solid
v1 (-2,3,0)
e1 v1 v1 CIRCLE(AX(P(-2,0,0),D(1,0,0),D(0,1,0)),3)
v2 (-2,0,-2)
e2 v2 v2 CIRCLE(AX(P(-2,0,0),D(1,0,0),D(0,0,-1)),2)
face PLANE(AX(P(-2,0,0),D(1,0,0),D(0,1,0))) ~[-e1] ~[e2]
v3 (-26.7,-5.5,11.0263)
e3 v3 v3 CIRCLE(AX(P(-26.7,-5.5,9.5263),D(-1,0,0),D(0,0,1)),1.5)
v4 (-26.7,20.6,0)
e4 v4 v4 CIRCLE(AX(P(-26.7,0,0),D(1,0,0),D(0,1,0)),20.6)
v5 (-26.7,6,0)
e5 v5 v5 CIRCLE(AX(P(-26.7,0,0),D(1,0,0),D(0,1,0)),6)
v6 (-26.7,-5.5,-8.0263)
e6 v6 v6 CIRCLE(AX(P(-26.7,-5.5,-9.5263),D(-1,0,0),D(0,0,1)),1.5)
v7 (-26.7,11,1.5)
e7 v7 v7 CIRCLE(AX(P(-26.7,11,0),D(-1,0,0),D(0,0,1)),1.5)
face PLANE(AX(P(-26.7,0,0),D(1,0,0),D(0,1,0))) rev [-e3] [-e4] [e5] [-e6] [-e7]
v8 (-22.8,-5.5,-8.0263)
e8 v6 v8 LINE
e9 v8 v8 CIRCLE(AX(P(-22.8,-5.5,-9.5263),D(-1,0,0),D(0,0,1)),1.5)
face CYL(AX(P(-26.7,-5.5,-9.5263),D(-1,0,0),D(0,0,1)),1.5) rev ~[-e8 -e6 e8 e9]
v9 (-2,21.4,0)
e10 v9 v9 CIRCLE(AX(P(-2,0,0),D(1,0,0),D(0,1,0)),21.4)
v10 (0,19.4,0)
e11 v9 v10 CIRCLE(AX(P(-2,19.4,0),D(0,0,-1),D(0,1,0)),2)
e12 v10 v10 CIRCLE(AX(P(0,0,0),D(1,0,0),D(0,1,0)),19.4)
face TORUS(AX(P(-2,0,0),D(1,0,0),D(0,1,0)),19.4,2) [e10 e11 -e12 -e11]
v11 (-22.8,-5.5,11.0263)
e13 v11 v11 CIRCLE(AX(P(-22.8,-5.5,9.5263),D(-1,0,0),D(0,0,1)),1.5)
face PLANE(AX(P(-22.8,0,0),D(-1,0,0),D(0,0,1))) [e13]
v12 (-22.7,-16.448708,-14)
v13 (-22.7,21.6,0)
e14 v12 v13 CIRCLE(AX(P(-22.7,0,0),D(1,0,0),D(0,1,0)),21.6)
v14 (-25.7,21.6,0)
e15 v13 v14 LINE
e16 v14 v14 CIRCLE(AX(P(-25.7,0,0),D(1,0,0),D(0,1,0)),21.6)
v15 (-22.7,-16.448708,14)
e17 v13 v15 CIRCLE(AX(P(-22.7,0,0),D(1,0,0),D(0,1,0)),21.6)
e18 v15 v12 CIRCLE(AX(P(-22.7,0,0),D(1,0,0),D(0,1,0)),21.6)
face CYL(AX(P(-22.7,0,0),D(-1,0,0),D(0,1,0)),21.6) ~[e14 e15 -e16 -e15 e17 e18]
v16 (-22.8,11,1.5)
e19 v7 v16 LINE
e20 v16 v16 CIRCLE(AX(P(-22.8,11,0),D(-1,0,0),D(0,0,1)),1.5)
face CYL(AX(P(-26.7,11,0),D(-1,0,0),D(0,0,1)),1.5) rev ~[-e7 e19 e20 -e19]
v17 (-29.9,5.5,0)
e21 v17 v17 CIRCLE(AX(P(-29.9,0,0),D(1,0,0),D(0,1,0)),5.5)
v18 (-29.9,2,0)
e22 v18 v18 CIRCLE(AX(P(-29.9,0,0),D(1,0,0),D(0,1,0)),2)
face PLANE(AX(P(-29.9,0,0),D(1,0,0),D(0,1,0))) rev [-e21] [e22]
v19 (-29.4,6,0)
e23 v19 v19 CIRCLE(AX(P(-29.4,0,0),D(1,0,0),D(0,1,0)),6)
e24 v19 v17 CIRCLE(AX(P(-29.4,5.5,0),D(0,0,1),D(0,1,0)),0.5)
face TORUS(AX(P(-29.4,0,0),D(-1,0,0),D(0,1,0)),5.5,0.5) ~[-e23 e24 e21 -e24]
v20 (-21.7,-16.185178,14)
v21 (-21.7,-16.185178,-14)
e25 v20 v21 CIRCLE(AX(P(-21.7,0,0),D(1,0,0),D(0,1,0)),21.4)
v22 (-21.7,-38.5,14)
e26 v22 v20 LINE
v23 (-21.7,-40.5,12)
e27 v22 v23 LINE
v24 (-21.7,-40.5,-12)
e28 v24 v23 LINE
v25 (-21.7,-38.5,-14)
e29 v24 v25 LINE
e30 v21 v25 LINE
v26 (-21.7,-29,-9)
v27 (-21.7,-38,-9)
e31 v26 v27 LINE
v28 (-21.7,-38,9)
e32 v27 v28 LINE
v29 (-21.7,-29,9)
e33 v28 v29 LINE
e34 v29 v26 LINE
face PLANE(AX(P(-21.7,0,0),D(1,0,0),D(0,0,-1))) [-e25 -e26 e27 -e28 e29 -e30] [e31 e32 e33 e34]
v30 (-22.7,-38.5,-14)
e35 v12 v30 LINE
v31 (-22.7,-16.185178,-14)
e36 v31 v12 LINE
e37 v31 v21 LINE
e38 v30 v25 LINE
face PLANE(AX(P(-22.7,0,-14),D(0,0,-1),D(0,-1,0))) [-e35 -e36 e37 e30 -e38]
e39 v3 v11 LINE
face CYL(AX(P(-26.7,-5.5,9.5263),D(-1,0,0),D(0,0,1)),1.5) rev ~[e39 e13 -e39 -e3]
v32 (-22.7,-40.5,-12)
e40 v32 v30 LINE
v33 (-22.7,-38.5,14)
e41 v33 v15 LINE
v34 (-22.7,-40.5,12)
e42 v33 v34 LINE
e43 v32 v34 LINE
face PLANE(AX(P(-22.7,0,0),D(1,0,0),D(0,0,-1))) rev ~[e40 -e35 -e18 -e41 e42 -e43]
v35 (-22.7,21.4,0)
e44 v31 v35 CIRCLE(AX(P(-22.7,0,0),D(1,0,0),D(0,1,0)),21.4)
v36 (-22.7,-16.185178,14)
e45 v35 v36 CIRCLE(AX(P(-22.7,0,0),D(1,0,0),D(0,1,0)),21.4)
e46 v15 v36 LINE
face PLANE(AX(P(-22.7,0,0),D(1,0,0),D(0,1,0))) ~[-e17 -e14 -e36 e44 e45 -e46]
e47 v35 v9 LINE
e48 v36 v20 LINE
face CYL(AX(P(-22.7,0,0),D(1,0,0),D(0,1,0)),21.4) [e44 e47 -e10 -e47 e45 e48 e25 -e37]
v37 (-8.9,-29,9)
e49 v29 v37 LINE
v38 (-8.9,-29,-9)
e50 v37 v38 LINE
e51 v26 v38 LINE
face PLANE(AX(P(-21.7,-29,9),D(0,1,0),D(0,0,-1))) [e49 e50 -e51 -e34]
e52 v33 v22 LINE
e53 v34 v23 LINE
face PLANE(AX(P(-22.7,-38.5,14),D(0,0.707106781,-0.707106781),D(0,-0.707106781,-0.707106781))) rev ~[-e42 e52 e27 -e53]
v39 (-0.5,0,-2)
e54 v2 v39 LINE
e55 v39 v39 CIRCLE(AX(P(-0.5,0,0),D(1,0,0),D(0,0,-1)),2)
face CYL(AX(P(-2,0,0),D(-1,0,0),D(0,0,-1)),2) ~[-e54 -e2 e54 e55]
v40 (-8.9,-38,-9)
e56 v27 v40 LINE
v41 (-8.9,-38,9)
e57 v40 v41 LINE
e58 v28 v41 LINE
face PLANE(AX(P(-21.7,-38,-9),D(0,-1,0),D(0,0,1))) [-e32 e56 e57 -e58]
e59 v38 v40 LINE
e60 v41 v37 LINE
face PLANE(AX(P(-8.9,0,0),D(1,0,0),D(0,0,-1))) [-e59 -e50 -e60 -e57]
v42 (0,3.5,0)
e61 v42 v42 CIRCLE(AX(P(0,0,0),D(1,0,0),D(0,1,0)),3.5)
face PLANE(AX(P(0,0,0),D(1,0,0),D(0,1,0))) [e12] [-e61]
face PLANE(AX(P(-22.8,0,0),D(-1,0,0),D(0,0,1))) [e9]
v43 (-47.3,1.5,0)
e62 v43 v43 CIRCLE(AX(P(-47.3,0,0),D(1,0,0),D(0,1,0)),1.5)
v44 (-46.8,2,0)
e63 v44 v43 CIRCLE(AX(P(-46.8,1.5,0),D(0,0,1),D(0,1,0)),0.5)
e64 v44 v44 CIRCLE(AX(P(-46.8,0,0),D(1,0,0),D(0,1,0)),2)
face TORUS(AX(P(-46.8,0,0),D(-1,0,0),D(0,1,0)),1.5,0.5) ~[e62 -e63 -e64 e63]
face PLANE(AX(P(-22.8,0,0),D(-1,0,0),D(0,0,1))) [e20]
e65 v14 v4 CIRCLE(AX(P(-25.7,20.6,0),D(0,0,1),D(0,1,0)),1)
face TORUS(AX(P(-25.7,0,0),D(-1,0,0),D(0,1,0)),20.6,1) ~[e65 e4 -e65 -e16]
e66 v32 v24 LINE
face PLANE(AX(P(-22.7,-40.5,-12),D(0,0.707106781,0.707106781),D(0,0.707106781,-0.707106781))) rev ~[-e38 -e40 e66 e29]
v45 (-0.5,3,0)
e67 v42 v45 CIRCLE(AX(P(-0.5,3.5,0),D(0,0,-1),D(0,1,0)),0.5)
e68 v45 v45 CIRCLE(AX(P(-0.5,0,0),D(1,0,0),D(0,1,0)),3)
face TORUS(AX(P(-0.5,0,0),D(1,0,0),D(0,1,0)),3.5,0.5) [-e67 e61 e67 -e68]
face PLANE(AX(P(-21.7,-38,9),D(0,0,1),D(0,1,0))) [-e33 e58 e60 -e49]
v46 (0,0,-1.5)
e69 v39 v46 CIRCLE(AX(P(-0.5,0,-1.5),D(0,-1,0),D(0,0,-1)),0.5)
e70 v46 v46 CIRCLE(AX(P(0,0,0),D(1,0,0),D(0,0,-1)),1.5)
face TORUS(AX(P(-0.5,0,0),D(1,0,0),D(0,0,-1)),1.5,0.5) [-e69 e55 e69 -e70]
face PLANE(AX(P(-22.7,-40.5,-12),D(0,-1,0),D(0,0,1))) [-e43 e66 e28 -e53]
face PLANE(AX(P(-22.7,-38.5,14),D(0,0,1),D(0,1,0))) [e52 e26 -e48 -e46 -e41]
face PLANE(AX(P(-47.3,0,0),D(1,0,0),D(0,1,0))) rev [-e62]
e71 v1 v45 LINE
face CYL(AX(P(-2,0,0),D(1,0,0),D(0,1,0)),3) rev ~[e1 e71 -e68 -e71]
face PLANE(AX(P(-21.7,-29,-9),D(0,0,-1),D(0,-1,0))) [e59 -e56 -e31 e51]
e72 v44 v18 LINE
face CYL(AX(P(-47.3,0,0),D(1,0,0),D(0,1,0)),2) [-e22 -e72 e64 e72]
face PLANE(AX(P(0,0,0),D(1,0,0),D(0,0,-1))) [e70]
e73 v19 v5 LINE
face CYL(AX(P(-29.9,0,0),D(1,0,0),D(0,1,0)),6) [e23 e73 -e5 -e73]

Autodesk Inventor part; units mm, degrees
ref_plane "YZ Plane" through (0, 0, 0) normal (1, 0, 0) x (0, 1, 0)
ref_plane "XZ Plane" through (0, 0, 0) normal (0, 1, 0) x (-1, 0, 0)
ref_plane "XY Plane" through (0, 0, 0) normal (0, 0, 1) x (1, 0, 0)
sketch "Esquisse1" plane through (0, 0, 0) normal (0, 0, 1) x (1, 0, 0)
  line L0 (-56.76, 0) -> (9.46, 0) construction
  line L1 (0, -4.32) -> (0, 25.92) construction
  line L2 (-2, 0) -> (-26.7, 0)
  line L3 (-26.7, 0) -> (-26.7, 21.4)
  line L4 (-22.7, 21.4) -> (0, 21.4)
  line L5 (0, 21.4) -> (0, 3)
  line L6 (-26.7, 0) -> (-29.9, 0)
  line L7 (-29.9, 0) -> (-29.9, 6)
  line L8 (-29.9, 6) -> (-26.7, 6)
  line L9 (-26.7, 6) -> (-26.7, 0)
  line L10 (-29.9, 0) -> (-47.3, 0)
  line L11 (-47.3, 0) -> (-47.3, 2)
  line L12 (-47.3, 2) -> (-29.9, 2)
  line L13 (-29.9, 2) -> (-29.9, 0)
  line L14 (-26.7, 0) -> (-22.7, 0)
  line L15 (-22.7, 21.4) -> (-22.7, 21.6)
  line L16 (-22.7, 21.6) -> (-26.7, 21.6)
  line L17 (-26.7, 21.6) -> (-26.7, 0)
  line L18 (-2, 0) -> (-2, 3)
  line L19 (-2, 3) -> (0, 3)
  point P0 (0, 0)
  dimension "d2" = 3.2
  dimension "d3" = 6
  dimension "d4" = 17.4
  dimension "d5" = 2
  dimension "d17" = 0.2
  dimension "d18" = 4
  dimension "d47" = 2
  dimension "d48" = 3
  dimension "d49" = 21.4
  dimension "d50" = 26.7
revolve "Révolution1" add sketch "Esquisse1" angle 360 about axis through (-10, 0, 0) along (1, 0, 0)
sketch "Esquisse3" plane through (-26.7, 0, 0) normal (-1, 0, 0) x (0, 0, 1)
  circle A0 centre (0, 0) radius 21.6 construction
  circle A1 centre (0, 0) radius 6 construction
  line L0 (0, -30.24) -> (0, 30.24) construction
  circle A2 centre (0, 0) radius 2 construction
  circle A3 centre (0, 0) radius 11 construction
  circle A4 centre (0, 11) radius 1.5
  circle A5 centre (-9.5263, -5.5) radius 1.5
  circle A6 centre (9.5263, -5.5) radius 1.5
  line L1 (0, 0) -> (0, 11) construction
  line L2 (0, 0) -> (-9.5263, -5.5) construction
  circle A7 centre (0, 0) radius 3 construction
  line L3 (0, 0) -> (9.5263, -5.5) construction
  dimension "d20" = 22
  dimension "d21" = 3
  dimension "d24" = 360
extrude "Extrusion1" cut sketch "Esquisse3" against normal blind 3.9
sketch "Esquisse4" plane through (-22.7, 0, 0) normal (1, 0, 0) x (0, 0, -1)
  circle A0 centre (0, 0) radius 21.4 construction
  line L0 (0, -52.92) -> (0, 34.02) construction
  line L1 (30.24, 0) -> (-30.24, 0) construction
  line L2 (-14, 0) -> (14, 0)
  line L3 (14, 0) -> (14, -38.5)
  line L4 (12, -40.5) -> (-12, -40.5)
  line L5 (-14, -38.5) -> (-14, 0)
  line L6 (-14, -38.5) -> (-12, -40.5)
  line L7 (12, -40.5) -> (14, -38.5)
  circle A1 centre (0, 0) radius 21.6 construction
  point P0 (14, -40.5)
  point P1 (-14, -40.5)
  dimension "d28" = 28
  dimension "d29" = 40.5
  dimension "d30" = 14
  dimension "d31" = 2
  dimension "d32" = 2
  dimension "d33" = 2
  dimension "d34" = 2
extrude "Extrusion2" add sketch "Esquisse4" along normal blind 1
sketch "Esquisse5" plane through (-21.7, 0, 0) normal (1, 0, 0) x (0, 0, -1)
  line L0 (0, -52.92) -> (0, 34.02) construction
  line L1 (30.24, 0) -> (-30.24, 0) construction
  arc A0 (-14, -16.1852) -> (14, -16.1852) centre (0, 0) ccw construction
  line L2 (-14, -16.1852) -> (-14, -38.5) construction
  line L3 (-14, -38.5) -> (-12, -40.5) construction
  line L4 (-12, -40.5) -> (12, -40.5) construction
  line L5 (12, -40.5) -> (14, -38.5) construction
  line L6 (14, -38.5) -> (14, -16.1852) construction
  line L7 (-9, -29) -> (9, -29)
  line L8 (9, -29) -> (9, -38)
  line L9 (9, -38) -> (-9, -38)
  line L10 (-9, -38) -> (-9, -29)
  dimension "d37" = 18
  dimension "d38" = 9
  dimension "d39" = 9
  dimension "d40" = 2.5
extrude "Extrusion3" add sketch "Esquisse5" along normal blind 12.8
sketch "Esquisse6" plane through (-2, 0, 0) normal (1, 0, 0) x (0, 0, -1)
  circle A0 centre (0, 0) radius 1.5 construction
  circle A1 centre (0, 0) radius 2 construction
  circle A2 centre (0, 0) radius 2
  dimension "d51" = 4
extrude "Extrusion4" add sketch "Esquisse6" along normal blind 2
fillet "Congé2" radius 0.5 4 edges at (0, 0, 2) (0, -3, 0) (-29.9, -6, 0) (-47.3, -2, 0)
fillet "Congé2" radius 1 1 edges at (-26.7, -21.6, 0)
fillet "Congé2" radius 2 1 edges at (0, -21.4, 0)
equation "\"d32\" = d31"
equation "\"d33\" = d31"
equation "\"d34\" = d33"
properties part number "Brushless_70W"
